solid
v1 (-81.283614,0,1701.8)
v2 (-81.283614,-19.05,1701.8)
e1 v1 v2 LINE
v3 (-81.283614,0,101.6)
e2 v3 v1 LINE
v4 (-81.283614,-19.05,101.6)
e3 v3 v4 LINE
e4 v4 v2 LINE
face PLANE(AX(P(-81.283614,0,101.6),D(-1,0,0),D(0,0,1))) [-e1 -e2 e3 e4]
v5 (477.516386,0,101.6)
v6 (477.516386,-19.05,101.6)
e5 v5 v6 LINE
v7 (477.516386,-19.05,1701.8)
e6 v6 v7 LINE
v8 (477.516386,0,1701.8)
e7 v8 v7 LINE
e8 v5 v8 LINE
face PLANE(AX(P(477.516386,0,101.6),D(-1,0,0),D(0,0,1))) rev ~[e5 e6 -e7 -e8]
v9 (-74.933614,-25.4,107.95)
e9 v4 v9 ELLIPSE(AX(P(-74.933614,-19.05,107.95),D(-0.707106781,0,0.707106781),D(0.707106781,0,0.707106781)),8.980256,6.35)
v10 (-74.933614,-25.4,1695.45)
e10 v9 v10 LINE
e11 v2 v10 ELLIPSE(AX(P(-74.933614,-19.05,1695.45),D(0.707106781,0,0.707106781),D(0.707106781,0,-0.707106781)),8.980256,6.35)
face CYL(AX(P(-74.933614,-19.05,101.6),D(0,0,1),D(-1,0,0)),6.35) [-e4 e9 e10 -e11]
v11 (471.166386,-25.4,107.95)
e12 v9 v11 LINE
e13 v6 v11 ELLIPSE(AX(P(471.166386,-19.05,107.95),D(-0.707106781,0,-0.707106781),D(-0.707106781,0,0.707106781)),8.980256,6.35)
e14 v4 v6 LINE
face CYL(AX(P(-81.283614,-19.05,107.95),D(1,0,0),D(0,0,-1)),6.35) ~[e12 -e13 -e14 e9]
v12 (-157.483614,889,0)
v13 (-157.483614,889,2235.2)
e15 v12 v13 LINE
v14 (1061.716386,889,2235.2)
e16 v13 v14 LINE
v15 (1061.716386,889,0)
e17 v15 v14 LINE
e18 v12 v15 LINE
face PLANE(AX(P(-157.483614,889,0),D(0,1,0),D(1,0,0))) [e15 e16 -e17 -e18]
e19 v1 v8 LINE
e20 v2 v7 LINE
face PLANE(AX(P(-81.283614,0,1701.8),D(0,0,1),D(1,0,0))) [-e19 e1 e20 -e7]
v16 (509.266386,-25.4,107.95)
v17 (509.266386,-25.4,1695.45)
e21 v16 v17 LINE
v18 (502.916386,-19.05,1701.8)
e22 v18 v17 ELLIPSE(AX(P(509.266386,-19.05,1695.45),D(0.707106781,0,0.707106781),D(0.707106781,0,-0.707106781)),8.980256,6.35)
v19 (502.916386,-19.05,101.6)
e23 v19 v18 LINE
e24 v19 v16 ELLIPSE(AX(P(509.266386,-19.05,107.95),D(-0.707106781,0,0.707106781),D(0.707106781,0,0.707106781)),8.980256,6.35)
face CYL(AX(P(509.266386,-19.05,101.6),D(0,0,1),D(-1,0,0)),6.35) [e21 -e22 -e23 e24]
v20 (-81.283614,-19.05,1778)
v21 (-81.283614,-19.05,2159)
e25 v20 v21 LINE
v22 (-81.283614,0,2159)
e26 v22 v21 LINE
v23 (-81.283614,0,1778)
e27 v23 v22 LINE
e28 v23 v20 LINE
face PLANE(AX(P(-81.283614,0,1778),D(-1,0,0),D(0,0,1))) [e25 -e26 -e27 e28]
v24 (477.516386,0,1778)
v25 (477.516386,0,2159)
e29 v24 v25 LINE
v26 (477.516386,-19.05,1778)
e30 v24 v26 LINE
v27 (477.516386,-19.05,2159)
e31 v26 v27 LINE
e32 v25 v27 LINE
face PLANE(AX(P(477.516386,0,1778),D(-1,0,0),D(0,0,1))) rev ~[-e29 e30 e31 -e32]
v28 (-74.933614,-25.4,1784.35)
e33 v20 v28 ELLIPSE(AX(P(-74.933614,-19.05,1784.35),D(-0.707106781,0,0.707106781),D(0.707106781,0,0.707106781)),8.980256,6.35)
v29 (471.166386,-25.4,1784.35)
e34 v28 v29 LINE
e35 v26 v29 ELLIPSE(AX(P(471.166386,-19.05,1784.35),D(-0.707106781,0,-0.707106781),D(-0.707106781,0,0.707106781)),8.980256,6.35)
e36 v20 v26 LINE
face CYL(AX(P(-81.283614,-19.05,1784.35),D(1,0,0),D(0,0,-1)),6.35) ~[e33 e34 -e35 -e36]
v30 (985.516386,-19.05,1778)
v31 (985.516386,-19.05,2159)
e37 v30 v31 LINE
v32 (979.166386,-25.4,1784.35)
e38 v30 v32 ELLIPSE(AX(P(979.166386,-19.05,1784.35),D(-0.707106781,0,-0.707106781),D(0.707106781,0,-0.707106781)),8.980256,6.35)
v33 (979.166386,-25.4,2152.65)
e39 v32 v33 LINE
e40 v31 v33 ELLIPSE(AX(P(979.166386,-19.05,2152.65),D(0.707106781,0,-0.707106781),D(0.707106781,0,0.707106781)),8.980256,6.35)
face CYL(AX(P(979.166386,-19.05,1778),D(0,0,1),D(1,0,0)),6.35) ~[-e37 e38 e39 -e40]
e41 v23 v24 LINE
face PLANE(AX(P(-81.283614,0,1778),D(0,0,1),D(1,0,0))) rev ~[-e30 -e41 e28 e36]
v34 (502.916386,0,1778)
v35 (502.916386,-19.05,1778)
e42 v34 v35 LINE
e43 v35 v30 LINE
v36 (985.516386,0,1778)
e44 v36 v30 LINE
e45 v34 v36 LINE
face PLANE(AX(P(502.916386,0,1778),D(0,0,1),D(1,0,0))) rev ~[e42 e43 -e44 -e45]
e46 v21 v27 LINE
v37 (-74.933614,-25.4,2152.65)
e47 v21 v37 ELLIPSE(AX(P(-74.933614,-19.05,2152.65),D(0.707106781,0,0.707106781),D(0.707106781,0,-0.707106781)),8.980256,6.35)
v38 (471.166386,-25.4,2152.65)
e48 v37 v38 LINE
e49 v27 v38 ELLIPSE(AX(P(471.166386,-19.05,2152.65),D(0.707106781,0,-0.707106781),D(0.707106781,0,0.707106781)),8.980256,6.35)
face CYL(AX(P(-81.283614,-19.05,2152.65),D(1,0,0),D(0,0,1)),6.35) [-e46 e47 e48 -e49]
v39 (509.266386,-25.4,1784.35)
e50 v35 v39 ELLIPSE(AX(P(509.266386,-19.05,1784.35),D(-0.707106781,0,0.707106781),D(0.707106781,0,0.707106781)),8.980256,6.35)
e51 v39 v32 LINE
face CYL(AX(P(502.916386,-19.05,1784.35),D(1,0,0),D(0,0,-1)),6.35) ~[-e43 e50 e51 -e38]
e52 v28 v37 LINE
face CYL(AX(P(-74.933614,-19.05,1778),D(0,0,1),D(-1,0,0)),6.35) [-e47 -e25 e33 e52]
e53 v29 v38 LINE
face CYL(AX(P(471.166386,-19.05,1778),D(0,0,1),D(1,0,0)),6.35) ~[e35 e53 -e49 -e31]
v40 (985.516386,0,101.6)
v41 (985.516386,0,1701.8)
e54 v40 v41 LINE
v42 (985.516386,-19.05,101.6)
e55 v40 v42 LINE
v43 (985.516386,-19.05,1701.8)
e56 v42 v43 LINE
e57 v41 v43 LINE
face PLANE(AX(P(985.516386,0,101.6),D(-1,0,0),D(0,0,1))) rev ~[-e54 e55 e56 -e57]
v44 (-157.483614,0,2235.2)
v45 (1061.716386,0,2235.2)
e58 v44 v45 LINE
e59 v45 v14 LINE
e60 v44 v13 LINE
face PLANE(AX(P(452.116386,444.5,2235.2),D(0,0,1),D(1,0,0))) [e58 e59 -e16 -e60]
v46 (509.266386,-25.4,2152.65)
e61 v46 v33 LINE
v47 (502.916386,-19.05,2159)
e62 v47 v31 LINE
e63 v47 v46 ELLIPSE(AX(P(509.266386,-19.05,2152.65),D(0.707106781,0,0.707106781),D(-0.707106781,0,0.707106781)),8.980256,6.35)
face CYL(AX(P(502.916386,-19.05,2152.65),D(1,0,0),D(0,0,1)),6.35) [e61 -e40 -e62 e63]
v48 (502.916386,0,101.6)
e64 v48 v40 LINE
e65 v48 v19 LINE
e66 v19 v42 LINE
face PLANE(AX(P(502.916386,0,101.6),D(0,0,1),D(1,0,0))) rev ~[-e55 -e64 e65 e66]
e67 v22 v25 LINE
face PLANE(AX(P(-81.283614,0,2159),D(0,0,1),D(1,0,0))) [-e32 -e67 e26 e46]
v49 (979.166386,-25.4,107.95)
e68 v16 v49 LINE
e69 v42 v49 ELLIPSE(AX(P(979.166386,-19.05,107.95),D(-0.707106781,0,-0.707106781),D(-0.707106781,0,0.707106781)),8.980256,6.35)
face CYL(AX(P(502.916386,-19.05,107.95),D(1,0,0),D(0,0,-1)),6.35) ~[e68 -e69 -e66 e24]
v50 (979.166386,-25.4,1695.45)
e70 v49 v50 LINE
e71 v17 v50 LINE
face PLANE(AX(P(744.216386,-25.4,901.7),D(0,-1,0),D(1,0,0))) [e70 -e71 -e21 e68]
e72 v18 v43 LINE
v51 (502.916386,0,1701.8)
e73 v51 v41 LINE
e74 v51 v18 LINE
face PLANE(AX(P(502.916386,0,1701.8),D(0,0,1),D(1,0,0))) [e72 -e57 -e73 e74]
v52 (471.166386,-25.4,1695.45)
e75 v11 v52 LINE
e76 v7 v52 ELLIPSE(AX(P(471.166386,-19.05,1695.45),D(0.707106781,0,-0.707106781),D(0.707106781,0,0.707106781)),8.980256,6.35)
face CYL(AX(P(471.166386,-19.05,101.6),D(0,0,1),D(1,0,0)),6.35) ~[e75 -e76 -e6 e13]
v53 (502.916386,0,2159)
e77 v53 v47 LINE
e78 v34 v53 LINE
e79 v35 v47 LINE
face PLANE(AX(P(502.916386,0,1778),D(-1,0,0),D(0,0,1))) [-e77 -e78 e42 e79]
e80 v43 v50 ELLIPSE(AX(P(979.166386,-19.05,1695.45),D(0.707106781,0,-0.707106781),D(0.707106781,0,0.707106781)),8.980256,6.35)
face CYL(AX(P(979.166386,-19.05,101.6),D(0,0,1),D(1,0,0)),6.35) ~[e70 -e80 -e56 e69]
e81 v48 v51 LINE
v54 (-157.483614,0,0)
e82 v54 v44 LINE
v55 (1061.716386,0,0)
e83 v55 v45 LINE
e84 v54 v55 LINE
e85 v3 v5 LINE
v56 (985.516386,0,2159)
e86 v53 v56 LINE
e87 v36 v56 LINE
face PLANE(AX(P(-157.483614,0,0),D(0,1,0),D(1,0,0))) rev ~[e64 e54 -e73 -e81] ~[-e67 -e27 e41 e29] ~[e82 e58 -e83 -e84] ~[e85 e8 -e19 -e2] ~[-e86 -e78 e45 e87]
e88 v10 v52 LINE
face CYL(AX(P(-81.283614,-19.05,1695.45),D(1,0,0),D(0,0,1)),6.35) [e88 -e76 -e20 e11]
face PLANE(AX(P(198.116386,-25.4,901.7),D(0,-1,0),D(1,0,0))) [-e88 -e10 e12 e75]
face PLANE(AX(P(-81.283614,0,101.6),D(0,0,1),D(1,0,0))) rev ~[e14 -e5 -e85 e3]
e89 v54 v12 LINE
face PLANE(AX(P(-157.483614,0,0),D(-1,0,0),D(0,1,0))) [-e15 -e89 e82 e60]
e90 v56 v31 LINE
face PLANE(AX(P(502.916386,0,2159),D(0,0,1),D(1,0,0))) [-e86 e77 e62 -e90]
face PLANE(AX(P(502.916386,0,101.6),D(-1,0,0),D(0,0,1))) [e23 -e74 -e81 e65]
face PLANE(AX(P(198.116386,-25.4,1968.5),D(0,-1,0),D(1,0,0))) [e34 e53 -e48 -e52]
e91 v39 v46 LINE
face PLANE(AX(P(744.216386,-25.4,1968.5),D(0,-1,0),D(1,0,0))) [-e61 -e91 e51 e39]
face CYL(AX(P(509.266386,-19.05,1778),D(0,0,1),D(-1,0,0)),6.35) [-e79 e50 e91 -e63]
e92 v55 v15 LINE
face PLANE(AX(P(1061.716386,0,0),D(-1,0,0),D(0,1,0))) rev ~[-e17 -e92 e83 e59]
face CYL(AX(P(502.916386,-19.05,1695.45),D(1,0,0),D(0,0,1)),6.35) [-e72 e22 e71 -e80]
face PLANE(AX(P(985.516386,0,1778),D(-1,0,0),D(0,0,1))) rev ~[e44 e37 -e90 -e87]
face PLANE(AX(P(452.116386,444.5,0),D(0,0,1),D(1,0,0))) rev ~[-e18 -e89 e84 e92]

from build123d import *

# Parameters (mm, degrees)
F0_W     = 1219.2
F0_H     = 889
F1_DEPTH = 2235.2
F2_W     = 558.8
F2_H     = 1600.2
F2_W_2   = 482.6
F2_H_2   = 381
F3_DEPTH = 25.4
F4_R     = 6.35


with BuildPart() as f1:
    # F0 (on Top) → F1 (new body)
    with BuildSketch(Plane.XY):
        with Locations((452.116386, 444.5)):
            Rectangle(F0_W, F0_H)
    extrude(amount=F1_DEPTH)

    # F2 (on face) → F3 (join)
    with BuildSketch(Plane.XZ):
        with Locations((198.116386, 901.7)):
            Rectangle(F2_W, F2_H)
        with Locations((744.216386, 901.7)):
            Rectangle(F2_W_2, F2_H)
        with Locations((198.116386, 1968.5)):
            Rectangle(F2_W, F2_H_2)
        with Locations((744.216386, 1968.5)):
            Rectangle(F2_W_2, F2_H_2)
    extrude(amount=F3_DEPTH)

    # F4
    f4_edges = [f1.edges().sort_by_distance(p)[0] for p in [
        (502.916386, -25.4, 1968.5),
        (744.216386, -25.4, 1778),
        (985.516386, -25.4, 1968.5),
        (744.216386, -25.4, 2159),
        (477.516386, -25.4, 1968.5),
        (198.116386, -25.4, 2159),
        (-81.283614, -25.4, 1968.5),
        (198.116386, -25.4, 1778),
        (477.516386, -25.4, 901.7),
        (198.116386, -25.4, 1701.8),
        (-81.283614, -25.4, 901.7),
        (198.116386, -25.4, 101.6),
        (985.516386, -25.4, 901.7),
        (744.216386, -25.4, 1701.8),
        (502.916386, -25.4, 901.7),
        (744.216386, -25.4, 101.6),
    ]]
    fillet(f4_edges, radius=F4_R)


solid = f1.part
